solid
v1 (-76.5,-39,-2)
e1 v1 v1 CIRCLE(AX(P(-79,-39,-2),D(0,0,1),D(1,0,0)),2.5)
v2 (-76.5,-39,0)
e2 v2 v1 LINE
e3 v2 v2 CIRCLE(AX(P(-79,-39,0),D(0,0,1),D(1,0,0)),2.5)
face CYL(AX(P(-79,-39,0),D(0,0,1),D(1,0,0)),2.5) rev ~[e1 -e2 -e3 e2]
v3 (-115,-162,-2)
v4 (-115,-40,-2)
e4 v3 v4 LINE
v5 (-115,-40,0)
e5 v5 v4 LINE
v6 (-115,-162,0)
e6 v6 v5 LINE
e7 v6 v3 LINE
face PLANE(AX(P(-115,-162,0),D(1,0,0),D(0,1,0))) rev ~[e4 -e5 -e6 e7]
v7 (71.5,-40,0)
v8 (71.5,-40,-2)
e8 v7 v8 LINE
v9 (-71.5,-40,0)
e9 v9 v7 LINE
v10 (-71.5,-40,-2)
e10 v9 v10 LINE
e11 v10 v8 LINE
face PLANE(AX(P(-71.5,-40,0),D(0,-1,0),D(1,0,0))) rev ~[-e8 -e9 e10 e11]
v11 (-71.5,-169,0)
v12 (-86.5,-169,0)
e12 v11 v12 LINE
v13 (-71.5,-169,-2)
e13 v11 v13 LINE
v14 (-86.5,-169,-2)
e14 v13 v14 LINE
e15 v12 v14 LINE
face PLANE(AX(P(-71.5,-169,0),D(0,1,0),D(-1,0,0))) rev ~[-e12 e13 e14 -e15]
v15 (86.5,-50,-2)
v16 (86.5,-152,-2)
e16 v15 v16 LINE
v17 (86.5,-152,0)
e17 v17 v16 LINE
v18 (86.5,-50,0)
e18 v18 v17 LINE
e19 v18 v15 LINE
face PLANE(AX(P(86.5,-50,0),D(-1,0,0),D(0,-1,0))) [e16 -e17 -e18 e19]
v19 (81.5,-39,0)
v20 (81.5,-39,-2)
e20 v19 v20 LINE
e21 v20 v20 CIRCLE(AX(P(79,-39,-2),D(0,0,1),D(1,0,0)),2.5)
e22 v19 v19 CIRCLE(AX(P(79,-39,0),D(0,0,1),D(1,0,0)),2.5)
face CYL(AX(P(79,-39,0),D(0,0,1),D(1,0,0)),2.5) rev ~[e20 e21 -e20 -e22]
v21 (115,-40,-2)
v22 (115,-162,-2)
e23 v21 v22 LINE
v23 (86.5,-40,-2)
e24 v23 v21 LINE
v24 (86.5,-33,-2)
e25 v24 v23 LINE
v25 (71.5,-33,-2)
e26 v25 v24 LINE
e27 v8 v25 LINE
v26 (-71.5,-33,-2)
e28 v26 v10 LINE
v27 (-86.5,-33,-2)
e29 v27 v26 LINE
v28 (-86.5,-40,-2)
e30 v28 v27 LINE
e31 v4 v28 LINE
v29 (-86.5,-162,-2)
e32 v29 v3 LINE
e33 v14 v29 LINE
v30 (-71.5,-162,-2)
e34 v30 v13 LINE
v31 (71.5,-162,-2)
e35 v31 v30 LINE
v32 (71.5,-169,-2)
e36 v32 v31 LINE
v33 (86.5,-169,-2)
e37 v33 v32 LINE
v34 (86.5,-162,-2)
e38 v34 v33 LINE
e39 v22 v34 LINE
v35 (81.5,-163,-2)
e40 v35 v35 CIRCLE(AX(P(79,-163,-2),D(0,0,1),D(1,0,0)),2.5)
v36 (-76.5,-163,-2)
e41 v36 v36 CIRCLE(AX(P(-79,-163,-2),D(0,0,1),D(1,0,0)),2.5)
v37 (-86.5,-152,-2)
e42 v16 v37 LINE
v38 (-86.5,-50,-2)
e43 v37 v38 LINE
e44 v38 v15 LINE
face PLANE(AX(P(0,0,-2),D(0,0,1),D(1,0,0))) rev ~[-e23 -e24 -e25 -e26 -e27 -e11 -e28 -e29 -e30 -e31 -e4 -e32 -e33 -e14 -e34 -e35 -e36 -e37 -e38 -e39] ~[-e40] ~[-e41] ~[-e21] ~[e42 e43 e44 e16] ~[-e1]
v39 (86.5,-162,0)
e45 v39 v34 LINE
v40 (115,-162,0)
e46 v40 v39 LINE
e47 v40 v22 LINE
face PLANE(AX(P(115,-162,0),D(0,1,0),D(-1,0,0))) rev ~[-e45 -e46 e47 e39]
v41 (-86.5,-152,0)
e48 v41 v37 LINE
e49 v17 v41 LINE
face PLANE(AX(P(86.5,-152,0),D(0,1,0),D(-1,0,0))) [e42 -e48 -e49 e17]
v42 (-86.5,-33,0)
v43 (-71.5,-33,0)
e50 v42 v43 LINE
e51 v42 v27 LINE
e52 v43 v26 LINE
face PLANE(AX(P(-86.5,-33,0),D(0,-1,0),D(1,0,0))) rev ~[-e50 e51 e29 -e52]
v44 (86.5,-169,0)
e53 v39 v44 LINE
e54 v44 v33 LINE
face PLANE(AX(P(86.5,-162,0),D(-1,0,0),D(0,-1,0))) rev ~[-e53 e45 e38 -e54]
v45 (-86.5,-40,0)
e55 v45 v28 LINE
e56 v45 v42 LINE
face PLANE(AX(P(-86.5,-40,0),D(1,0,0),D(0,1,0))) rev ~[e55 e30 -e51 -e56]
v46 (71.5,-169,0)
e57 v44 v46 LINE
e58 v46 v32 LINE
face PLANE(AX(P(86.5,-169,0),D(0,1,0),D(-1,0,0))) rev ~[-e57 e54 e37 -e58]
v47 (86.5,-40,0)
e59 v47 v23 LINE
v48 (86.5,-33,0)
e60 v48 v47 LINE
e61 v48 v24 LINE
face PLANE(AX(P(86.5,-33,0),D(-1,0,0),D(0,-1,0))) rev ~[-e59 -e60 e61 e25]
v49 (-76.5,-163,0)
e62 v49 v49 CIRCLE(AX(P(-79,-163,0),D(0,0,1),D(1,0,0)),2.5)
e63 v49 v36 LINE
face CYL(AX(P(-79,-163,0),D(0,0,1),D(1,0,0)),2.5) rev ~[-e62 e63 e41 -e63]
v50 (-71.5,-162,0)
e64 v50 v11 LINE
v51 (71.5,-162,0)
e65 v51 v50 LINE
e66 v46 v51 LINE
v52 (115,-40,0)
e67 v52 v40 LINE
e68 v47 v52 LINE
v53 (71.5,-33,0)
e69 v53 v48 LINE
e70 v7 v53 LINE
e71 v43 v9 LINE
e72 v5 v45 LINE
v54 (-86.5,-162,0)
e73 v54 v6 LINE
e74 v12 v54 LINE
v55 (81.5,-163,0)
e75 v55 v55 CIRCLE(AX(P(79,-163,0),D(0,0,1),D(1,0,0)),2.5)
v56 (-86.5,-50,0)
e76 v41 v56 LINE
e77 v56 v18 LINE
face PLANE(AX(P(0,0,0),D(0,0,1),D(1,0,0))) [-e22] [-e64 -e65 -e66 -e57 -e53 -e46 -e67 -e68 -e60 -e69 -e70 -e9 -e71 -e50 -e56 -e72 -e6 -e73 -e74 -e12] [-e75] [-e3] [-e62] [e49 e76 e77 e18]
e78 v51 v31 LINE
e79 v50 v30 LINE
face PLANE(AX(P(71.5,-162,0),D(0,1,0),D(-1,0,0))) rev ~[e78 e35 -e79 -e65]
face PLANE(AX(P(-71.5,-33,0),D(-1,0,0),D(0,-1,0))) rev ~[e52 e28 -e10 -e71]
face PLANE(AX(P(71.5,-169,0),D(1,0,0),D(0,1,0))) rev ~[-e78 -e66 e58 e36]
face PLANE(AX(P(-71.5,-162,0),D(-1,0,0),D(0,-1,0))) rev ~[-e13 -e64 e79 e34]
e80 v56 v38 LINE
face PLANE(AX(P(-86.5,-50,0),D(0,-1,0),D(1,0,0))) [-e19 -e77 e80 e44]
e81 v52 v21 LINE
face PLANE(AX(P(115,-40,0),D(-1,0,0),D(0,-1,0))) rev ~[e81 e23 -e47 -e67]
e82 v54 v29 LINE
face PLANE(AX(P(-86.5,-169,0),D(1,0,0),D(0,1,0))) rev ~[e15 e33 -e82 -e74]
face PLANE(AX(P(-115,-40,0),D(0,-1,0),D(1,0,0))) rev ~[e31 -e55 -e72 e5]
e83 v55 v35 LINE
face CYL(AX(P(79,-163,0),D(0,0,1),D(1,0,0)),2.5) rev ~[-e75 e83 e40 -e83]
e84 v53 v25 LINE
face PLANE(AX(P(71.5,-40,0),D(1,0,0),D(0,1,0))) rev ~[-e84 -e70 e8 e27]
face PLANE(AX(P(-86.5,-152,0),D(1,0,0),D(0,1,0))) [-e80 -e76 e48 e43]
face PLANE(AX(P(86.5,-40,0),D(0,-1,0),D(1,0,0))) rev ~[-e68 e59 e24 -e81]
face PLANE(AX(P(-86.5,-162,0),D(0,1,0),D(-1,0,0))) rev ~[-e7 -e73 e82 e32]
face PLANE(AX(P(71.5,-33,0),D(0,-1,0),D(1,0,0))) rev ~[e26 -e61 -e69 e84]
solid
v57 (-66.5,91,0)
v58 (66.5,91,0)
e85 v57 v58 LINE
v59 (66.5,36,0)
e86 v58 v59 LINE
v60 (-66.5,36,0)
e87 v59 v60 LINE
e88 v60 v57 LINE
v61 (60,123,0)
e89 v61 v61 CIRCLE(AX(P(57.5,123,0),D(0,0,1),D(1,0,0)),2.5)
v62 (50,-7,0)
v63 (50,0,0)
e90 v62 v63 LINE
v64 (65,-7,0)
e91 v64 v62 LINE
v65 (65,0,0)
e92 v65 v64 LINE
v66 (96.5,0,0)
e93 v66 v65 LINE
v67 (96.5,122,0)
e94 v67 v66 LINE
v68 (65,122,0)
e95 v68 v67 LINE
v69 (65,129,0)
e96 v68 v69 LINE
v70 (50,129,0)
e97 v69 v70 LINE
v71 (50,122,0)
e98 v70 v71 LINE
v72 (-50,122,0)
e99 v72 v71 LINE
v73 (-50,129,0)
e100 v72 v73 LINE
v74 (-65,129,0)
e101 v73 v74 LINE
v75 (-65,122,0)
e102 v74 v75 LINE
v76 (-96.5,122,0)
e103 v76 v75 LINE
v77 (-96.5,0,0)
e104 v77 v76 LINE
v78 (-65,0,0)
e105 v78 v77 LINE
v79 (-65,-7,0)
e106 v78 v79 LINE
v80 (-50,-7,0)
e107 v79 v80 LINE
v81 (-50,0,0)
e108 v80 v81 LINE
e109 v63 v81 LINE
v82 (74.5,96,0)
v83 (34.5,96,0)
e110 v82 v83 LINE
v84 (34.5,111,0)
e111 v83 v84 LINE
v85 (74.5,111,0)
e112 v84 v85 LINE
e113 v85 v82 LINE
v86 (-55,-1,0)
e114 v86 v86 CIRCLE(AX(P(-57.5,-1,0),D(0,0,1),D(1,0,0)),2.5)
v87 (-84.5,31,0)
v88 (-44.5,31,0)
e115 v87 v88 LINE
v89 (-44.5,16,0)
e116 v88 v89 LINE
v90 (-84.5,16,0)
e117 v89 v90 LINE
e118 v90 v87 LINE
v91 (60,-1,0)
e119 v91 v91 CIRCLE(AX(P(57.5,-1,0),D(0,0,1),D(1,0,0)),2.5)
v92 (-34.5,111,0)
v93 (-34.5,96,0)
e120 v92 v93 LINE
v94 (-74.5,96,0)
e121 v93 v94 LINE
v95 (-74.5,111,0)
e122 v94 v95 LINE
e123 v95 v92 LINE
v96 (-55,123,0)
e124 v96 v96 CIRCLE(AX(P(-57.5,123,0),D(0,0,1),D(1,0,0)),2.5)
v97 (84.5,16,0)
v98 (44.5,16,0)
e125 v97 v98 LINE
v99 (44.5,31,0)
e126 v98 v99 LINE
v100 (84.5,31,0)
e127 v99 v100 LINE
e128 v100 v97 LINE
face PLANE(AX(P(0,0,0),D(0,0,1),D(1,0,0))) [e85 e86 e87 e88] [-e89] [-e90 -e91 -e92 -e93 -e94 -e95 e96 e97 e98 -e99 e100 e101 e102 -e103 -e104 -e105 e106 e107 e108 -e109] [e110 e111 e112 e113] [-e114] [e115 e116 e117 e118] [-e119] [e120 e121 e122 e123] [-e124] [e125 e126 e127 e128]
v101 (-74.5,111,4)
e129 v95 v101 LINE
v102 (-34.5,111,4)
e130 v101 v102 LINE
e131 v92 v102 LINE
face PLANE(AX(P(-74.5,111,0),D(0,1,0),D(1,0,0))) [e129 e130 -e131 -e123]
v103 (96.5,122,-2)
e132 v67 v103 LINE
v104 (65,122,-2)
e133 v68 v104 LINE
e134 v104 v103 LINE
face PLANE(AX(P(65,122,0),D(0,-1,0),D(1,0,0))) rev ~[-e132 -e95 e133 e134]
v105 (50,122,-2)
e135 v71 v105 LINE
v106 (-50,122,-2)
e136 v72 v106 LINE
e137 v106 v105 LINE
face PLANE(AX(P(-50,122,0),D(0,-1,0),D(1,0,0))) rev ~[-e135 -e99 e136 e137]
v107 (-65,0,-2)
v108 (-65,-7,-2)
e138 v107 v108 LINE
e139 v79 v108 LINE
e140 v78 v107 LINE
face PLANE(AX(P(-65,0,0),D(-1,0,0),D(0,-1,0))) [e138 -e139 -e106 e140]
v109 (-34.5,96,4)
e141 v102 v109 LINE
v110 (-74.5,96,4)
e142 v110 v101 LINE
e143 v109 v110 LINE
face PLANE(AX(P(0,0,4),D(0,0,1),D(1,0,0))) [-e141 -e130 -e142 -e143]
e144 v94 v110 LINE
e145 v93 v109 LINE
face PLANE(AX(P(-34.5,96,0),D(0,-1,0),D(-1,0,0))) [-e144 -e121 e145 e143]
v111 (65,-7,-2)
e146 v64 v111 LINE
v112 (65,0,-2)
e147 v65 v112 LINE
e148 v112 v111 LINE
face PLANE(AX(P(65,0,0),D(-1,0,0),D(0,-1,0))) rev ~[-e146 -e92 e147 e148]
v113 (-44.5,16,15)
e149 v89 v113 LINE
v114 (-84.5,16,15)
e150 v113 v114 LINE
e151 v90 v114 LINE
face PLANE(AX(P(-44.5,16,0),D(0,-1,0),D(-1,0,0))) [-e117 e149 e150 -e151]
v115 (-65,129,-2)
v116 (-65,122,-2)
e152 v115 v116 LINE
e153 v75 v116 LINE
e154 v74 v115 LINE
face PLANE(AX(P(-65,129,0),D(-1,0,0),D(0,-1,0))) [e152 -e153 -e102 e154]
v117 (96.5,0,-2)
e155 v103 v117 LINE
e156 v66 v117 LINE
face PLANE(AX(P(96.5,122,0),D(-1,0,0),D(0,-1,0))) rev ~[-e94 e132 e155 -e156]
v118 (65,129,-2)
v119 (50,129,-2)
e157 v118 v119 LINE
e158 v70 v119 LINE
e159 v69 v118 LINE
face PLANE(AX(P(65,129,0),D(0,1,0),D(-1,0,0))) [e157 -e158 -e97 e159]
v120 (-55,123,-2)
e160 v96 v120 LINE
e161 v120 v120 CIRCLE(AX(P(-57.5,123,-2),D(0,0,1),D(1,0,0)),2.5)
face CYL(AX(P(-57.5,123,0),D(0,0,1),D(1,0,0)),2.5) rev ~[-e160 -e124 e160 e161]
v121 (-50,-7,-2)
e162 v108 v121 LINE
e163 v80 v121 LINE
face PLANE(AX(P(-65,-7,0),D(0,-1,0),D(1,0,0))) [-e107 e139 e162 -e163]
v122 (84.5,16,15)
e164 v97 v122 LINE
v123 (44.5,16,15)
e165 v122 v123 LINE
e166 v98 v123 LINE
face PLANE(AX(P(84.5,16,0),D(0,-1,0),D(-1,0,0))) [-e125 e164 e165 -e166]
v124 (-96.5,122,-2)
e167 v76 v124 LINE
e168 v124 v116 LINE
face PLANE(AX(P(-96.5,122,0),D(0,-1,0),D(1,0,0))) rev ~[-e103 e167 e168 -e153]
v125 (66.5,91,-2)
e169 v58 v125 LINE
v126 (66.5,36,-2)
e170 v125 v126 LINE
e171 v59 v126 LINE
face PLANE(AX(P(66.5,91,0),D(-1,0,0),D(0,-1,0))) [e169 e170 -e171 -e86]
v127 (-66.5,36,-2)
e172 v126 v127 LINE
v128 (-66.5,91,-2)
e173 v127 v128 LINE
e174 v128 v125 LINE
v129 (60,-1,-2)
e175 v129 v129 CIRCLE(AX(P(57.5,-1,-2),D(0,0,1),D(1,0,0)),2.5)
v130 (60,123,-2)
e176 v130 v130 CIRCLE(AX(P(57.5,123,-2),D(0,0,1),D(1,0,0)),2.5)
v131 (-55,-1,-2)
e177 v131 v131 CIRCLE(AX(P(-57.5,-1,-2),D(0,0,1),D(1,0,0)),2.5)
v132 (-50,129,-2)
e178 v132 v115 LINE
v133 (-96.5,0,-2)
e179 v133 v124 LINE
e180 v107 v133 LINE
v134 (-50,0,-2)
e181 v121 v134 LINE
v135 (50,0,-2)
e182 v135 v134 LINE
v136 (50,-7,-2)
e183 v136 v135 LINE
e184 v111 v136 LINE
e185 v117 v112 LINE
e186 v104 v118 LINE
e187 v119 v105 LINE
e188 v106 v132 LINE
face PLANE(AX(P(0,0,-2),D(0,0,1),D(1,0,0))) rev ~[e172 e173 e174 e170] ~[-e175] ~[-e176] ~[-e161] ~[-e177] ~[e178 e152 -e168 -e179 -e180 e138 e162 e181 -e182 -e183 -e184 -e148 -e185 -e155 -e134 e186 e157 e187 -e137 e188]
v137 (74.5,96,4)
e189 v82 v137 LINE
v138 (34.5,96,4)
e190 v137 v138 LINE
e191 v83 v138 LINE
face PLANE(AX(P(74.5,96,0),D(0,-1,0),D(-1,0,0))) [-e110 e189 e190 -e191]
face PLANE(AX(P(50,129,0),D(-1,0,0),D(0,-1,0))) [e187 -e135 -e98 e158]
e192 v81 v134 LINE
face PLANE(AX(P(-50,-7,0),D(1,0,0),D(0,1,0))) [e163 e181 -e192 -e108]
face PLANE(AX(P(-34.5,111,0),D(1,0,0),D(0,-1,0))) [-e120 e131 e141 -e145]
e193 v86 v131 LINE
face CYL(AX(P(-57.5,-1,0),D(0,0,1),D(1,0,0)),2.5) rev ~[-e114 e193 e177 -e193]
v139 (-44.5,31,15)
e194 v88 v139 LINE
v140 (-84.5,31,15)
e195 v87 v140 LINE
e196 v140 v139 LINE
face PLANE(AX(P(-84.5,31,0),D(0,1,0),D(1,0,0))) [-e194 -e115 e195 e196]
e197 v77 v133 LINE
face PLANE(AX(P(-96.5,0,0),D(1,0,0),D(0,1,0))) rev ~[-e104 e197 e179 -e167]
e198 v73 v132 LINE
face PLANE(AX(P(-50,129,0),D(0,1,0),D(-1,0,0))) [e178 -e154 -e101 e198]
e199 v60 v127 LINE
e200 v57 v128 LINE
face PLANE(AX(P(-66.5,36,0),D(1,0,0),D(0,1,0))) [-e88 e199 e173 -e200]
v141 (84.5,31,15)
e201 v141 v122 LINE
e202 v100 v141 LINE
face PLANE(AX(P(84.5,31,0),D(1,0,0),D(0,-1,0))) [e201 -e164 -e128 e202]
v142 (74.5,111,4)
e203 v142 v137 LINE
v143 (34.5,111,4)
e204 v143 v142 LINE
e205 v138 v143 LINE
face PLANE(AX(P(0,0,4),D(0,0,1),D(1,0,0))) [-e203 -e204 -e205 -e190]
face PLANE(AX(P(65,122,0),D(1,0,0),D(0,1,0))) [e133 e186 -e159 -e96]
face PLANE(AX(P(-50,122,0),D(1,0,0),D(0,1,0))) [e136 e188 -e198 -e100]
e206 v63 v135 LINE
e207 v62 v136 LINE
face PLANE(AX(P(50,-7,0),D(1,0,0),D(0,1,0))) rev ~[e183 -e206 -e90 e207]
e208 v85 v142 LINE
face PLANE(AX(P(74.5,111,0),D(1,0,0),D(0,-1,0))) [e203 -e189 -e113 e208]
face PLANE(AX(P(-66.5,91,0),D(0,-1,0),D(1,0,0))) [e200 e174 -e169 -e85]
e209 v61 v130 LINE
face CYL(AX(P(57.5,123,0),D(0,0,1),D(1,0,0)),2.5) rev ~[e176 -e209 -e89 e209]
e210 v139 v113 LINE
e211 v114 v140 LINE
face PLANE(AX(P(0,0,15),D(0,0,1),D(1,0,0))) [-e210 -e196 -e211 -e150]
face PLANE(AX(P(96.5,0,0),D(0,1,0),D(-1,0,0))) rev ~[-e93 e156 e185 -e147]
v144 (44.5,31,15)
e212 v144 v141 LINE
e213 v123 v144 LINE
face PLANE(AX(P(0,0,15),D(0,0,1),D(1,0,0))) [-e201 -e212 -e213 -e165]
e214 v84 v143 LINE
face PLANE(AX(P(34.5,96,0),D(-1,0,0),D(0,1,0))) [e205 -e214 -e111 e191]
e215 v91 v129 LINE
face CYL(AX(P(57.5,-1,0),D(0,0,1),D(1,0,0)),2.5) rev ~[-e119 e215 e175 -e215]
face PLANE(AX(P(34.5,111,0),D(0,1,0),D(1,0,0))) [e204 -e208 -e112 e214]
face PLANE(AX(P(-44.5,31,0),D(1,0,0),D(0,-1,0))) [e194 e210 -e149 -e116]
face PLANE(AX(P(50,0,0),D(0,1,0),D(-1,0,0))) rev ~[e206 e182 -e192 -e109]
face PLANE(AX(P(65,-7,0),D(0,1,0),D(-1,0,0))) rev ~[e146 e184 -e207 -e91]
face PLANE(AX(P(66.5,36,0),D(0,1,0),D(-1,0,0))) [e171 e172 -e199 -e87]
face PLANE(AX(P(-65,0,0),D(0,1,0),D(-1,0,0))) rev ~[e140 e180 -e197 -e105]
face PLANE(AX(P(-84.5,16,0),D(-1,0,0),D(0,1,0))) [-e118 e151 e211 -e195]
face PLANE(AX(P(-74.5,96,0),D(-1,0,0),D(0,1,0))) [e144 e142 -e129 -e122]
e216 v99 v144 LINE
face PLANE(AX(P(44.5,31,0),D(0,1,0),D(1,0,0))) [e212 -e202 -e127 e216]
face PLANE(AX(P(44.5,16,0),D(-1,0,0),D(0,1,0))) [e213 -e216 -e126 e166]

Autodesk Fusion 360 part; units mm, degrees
sketch "Sketch1" plane through (0, 0, 0) normal (0, 0, 1) x (1, 0, 0) in component "SD XL Back"
  line L0 (0, 0) -> (0, 5) construction
  line L1 (-91.5, 117) -> (91.5, 117)
  line L2 (91.5, 117) -> (91.5, 5)
  line L3 (91.5, 5) -> (-91.5, 5)
  line L4 (-91.5, 5) -> (-91.5, 117)
  line L5 (-74.5, 111) -> (-34.5, 111)
  line L6 (-34.5, 111) -> (-34.5, 96)
  line L7 (-34.5, 96) -> (-74.5, 96)
  line L8 (-74.5, 96) -> (-74.5, 111)
  line L9 (34.5, 111) -> (74.5, 111)
  line L10 (74.5, 111) -> (74.5, 96)
  line L11 (74.5, 96) -> (34.5, 96)
  line L12 (34.5, 96) -> (34.5, 111)
  line L13 (-84.5, 31) -> (-44.5, 31)
  line L14 (-44.5, 31) -> (-44.5, 16)
  line L15 (-44.5, 16) -> (-84.5, 16)
  line L16 (-84.5, 16) -> (-84.5, 31)
  line L17 (44.5, 31) -> (84.5, 31)
  line L18 (84.5, 31) -> (84.5, 16)
  line L19 (84.5, 16) -> (44.5, 16)
  line L20 (44.5, 16) -> (44.5, 31)
  line L21 (-66.5, 91) -> (66.5, 91)
  line L22 (66.5, 91) -> (66.5, 36)
  line L23 (66.5, 36) -> (-66.5, 36)
  line L24 (-66.5, 36) -> (-66.5, 91)
  line L25 (0, 117) -> (0, 91) construction
  line L26 (0, 5) -> (0, 36) construction
  line L27 (-96.5, 0) -> (-96.5, 122)
  line L28 (96.5, 122) -> (96.5, 0)
  line L29 (-65, 117) -> (-50, 117)
  line L30 (-50, 117) -> (-50, 129)
  line L31 (-50, 129) -> (-65, 129)
  line L32 (-65, 129) -> (-65, 117)
  line L33 (50, 117) -> (65, 117)
  line L34 (65, 117) -> (65, 129)
  line L35 (65, 129) -> (50, 129)
  line L36 (50, 129) -> (50, 117)
  line L37 (57.5, 129) -> (57.5, 117) construction
  line L38 (-57.5, 129) -> (-57.5, 117) construction
  circle A0 centre (57.5, 123) radius 2.5
  circle A1 centre (-57.5, 123) radius 2.5
  line L39 (-96.5, 122) -> (-65, 122)
  line L40 (-50, 122) -> (50, 122)
  line L41 (65, 122) -> (96.5, 122)
  line L42 (-50, 5) -> (-65, 5)
  line L43 (-65, 5) -> (-65, -7)
  line L44 (-65, -7) -> (-50, -7)
  line L45 (-50, -7) -> (-50, 5)
  line L46 (50, 5) -> (65, 5)
  line L47 (65, 5) -> (65, -7)
  line L48 (65, -7) -> (50, -7)
  line L49 (50, -7) -> (50, 5)
  line L50 (-57.5, 5) -> (-57.5, -7) construction
  line L51 (57.5, 5) -> (57.5, -7) construction
  circle A2 centre (-57.5, -1) radius 2.5
  circle A3 centre (57.5, -1) radius 2.5
  line L52 (-65, 0) -> (-96.5, 0)
  line L53 (96.5, 0) -> (65, 0)
  line L54 (50, 0) -> (-50, 0)
  dimension "d1" = 5
  dimension "d2" = 183
  dimension "d5" = 112
  dimension "d8" = 40
  dimension "d9" = 15
  dimension "d10" = 17
  dimension "d11" = 17
  dimension "d12" = 7
  dimension "d13" = 7
  dimension "d14" = 11
  dimension "d15" = 11
  dimension "d19" = 25
  dimension "d28" = 12
  dimension "d29" = 15
  dimension "d31" = 50
  dimension "d32" = 50
  dimension "d33" = 5
  dimension "d41" = 6
  dimension "d42" = 5
  dimension "d43" = 5
  dimension "d44" = 26
extrude "Extrude1" add sketch "Sketch1" against normal blind 2 contours L1 L3 L4 L27 L32 L39 L43 L52 | L1 L2 L3 L4 L29 L33 L42 L46 | L1 L29 L30 L31 L32 | L1 L30 L36 L40 | L3 L42 L43 L44 L45 | L1 L33 L34 L35 L36 | L3 L45 L49 L54 | L1 L2 L3 L28 L34 L41 L47 L53 | L3 L46 L47 L48 L49 | L5 L6 L7 L8 | L9 L10 L11 L12 | L13 L14 L15 L16 | L17 L18 L19 L20 makes body 1 in component "SD XL Back"
extrude "Extrude2" add sketch "Sketch1" along normal blind 4 contours L5 L6 L7 L8 | L9 L10 L11 L12 bodies 1 in component "SD XL Back"
extrude "Extrude3" add sketch "Sketch1" along normal blind 15 contours L13 L14 L15 L16 | L17 L18 L19 L20 bodies 1 in component "SD XL Back"
sketch "Sketch1 (2)" plane through (0, 0, 0) normal (0, 0, 1) x (1, 0, 0) in component "SD XL Front"
  line L0 (0, 0) -> (0, -50) construction
  line L1 (-86.5, -50) -> (86.5, -50)
  line L2 (86.5, -50) -> (86.5, -152)
  line L3 (86.5, -152) -> (-86.5, -152)
  line L4 (-86.5, -152) -> (-86.5, -50)
  line L5 (-115, -162) -> (-115, -40)
  line L6 (115, -40) -> (115, -162)
  line L7 (-86.5, -33) -> (-71.5, -33)
  line L8 (-71.5, -33) -> (-71.5, -45)
  line L9 (-71.5, -45) -> (-86.5, -45)
  line L10 (-86.5, -45) -> (-86.5, -33)
  line L11 (-50, 129) -> (-65, 129)
  line L12 (-65, 129) -> (-65, 117)
  line L13 (-79, -33) -> (-79, -45) construction
  circle A0 centre (-79, -39) radius 2.5
  circle A1 centre (-57.5, 123) radius 2.5 construction
  line L14 (-71.5, -40) -> (-71.5, -50) construction
  line L15 (71.5, -33) -> (86.5, -33)
  line L16 (86.5, -33) -> (86.5, -45)
  line L17 (86.5, -45) -> (71.5, -45)
  line L18 (71.5, -45) -> (71.5, -33)
  line L19 (79, -33) -> (79, -45) construction
  circle A2 centre (79, -39) radius 2.5
  line L20 (-71.5, -152) -> (-71.5, -162) construction
  line L21 (-86.5, -157) -> (-71.5, -157)
  line L22 (-71.5, -157) -> (-71.5, -169)
  line L23 (-71.5, -169) -> (-86.5, -169)
  line L24 (-86.5, -169) -> (-86.5, -157)
  line L25 (71.5, -157) -> (86.5, -157)
  line L26 (86.5, -157) -> (86.5, -169)
  line L27 (86.5, -169) -> (71.5, -169)
  line L28 (71.5, -169) -> (71.5, -157)
  line L29 (79, -157) -> (79, -169) construction
  line L30 (-79, -157) -> (-79, -169) construction
  circle A3 centre (79, -163) radius 2.5
  circle A4 centre (-79, -163) radius 2.5
  line L31 (-115, -40) -> (-86.5, -40)
  line L32 (-71.5, -40) -> (71.5, -40)
  line L33 (86.5, -40) -> (115, -40)
  line L34 (115, -162) -> (86.5, -162)
  line L35 (71.5, -162) -> (-71.5, -162)
  line L36 (-86.5, -162) -> (-115, -162)
  dimension "d34" = 50
  dimension "d35" = 173
  dimension "d37" = 102
  dimension "d45" = 230
extrude "Extrude1'" add sketch "Sketch1 (2)" against normal blind 2 separate body makes body 2 in component "SD XL Front"
component "SD XL Back" placed x (1, 0, 0) y (0, 1, 0) z (0, 0, 1) at (0, 0, 0)
component "SD XL Front" placed x (1, 0, 0) y (0, 1, 0) z (0, 0, 1) at (0, 0, 0)
equation "d2 = SD_XL_Width"
equation "SD_XL_Width = 183 mm"
equation "SD_XL_Height = 112 mm"
equation "d5 = SD_XL_Height"
equation "SD_XL_Top_Depth = 34 mm"
equation "SD_XL_Bottom_Depth = 23 mm"
equation "d11 = d10"
equation "d13 = d12"
equation "d15 = d14"
equation "d16 = 25 mm"
equation "d19 = d16"
equation "Frame_Depth = 38 mm"
equation "d23 = Frame_Depth - SD_XL_Top_Depth"
equation "d25 = Frame_Depth - SD_XL_Bottom_Depth"
equation "d32 = d31"
equation "d35 = SD_XL_Width - 10 mm"
equation "d37 = SD_XL_Height - 10 mm"
equation "d43 = d42"
